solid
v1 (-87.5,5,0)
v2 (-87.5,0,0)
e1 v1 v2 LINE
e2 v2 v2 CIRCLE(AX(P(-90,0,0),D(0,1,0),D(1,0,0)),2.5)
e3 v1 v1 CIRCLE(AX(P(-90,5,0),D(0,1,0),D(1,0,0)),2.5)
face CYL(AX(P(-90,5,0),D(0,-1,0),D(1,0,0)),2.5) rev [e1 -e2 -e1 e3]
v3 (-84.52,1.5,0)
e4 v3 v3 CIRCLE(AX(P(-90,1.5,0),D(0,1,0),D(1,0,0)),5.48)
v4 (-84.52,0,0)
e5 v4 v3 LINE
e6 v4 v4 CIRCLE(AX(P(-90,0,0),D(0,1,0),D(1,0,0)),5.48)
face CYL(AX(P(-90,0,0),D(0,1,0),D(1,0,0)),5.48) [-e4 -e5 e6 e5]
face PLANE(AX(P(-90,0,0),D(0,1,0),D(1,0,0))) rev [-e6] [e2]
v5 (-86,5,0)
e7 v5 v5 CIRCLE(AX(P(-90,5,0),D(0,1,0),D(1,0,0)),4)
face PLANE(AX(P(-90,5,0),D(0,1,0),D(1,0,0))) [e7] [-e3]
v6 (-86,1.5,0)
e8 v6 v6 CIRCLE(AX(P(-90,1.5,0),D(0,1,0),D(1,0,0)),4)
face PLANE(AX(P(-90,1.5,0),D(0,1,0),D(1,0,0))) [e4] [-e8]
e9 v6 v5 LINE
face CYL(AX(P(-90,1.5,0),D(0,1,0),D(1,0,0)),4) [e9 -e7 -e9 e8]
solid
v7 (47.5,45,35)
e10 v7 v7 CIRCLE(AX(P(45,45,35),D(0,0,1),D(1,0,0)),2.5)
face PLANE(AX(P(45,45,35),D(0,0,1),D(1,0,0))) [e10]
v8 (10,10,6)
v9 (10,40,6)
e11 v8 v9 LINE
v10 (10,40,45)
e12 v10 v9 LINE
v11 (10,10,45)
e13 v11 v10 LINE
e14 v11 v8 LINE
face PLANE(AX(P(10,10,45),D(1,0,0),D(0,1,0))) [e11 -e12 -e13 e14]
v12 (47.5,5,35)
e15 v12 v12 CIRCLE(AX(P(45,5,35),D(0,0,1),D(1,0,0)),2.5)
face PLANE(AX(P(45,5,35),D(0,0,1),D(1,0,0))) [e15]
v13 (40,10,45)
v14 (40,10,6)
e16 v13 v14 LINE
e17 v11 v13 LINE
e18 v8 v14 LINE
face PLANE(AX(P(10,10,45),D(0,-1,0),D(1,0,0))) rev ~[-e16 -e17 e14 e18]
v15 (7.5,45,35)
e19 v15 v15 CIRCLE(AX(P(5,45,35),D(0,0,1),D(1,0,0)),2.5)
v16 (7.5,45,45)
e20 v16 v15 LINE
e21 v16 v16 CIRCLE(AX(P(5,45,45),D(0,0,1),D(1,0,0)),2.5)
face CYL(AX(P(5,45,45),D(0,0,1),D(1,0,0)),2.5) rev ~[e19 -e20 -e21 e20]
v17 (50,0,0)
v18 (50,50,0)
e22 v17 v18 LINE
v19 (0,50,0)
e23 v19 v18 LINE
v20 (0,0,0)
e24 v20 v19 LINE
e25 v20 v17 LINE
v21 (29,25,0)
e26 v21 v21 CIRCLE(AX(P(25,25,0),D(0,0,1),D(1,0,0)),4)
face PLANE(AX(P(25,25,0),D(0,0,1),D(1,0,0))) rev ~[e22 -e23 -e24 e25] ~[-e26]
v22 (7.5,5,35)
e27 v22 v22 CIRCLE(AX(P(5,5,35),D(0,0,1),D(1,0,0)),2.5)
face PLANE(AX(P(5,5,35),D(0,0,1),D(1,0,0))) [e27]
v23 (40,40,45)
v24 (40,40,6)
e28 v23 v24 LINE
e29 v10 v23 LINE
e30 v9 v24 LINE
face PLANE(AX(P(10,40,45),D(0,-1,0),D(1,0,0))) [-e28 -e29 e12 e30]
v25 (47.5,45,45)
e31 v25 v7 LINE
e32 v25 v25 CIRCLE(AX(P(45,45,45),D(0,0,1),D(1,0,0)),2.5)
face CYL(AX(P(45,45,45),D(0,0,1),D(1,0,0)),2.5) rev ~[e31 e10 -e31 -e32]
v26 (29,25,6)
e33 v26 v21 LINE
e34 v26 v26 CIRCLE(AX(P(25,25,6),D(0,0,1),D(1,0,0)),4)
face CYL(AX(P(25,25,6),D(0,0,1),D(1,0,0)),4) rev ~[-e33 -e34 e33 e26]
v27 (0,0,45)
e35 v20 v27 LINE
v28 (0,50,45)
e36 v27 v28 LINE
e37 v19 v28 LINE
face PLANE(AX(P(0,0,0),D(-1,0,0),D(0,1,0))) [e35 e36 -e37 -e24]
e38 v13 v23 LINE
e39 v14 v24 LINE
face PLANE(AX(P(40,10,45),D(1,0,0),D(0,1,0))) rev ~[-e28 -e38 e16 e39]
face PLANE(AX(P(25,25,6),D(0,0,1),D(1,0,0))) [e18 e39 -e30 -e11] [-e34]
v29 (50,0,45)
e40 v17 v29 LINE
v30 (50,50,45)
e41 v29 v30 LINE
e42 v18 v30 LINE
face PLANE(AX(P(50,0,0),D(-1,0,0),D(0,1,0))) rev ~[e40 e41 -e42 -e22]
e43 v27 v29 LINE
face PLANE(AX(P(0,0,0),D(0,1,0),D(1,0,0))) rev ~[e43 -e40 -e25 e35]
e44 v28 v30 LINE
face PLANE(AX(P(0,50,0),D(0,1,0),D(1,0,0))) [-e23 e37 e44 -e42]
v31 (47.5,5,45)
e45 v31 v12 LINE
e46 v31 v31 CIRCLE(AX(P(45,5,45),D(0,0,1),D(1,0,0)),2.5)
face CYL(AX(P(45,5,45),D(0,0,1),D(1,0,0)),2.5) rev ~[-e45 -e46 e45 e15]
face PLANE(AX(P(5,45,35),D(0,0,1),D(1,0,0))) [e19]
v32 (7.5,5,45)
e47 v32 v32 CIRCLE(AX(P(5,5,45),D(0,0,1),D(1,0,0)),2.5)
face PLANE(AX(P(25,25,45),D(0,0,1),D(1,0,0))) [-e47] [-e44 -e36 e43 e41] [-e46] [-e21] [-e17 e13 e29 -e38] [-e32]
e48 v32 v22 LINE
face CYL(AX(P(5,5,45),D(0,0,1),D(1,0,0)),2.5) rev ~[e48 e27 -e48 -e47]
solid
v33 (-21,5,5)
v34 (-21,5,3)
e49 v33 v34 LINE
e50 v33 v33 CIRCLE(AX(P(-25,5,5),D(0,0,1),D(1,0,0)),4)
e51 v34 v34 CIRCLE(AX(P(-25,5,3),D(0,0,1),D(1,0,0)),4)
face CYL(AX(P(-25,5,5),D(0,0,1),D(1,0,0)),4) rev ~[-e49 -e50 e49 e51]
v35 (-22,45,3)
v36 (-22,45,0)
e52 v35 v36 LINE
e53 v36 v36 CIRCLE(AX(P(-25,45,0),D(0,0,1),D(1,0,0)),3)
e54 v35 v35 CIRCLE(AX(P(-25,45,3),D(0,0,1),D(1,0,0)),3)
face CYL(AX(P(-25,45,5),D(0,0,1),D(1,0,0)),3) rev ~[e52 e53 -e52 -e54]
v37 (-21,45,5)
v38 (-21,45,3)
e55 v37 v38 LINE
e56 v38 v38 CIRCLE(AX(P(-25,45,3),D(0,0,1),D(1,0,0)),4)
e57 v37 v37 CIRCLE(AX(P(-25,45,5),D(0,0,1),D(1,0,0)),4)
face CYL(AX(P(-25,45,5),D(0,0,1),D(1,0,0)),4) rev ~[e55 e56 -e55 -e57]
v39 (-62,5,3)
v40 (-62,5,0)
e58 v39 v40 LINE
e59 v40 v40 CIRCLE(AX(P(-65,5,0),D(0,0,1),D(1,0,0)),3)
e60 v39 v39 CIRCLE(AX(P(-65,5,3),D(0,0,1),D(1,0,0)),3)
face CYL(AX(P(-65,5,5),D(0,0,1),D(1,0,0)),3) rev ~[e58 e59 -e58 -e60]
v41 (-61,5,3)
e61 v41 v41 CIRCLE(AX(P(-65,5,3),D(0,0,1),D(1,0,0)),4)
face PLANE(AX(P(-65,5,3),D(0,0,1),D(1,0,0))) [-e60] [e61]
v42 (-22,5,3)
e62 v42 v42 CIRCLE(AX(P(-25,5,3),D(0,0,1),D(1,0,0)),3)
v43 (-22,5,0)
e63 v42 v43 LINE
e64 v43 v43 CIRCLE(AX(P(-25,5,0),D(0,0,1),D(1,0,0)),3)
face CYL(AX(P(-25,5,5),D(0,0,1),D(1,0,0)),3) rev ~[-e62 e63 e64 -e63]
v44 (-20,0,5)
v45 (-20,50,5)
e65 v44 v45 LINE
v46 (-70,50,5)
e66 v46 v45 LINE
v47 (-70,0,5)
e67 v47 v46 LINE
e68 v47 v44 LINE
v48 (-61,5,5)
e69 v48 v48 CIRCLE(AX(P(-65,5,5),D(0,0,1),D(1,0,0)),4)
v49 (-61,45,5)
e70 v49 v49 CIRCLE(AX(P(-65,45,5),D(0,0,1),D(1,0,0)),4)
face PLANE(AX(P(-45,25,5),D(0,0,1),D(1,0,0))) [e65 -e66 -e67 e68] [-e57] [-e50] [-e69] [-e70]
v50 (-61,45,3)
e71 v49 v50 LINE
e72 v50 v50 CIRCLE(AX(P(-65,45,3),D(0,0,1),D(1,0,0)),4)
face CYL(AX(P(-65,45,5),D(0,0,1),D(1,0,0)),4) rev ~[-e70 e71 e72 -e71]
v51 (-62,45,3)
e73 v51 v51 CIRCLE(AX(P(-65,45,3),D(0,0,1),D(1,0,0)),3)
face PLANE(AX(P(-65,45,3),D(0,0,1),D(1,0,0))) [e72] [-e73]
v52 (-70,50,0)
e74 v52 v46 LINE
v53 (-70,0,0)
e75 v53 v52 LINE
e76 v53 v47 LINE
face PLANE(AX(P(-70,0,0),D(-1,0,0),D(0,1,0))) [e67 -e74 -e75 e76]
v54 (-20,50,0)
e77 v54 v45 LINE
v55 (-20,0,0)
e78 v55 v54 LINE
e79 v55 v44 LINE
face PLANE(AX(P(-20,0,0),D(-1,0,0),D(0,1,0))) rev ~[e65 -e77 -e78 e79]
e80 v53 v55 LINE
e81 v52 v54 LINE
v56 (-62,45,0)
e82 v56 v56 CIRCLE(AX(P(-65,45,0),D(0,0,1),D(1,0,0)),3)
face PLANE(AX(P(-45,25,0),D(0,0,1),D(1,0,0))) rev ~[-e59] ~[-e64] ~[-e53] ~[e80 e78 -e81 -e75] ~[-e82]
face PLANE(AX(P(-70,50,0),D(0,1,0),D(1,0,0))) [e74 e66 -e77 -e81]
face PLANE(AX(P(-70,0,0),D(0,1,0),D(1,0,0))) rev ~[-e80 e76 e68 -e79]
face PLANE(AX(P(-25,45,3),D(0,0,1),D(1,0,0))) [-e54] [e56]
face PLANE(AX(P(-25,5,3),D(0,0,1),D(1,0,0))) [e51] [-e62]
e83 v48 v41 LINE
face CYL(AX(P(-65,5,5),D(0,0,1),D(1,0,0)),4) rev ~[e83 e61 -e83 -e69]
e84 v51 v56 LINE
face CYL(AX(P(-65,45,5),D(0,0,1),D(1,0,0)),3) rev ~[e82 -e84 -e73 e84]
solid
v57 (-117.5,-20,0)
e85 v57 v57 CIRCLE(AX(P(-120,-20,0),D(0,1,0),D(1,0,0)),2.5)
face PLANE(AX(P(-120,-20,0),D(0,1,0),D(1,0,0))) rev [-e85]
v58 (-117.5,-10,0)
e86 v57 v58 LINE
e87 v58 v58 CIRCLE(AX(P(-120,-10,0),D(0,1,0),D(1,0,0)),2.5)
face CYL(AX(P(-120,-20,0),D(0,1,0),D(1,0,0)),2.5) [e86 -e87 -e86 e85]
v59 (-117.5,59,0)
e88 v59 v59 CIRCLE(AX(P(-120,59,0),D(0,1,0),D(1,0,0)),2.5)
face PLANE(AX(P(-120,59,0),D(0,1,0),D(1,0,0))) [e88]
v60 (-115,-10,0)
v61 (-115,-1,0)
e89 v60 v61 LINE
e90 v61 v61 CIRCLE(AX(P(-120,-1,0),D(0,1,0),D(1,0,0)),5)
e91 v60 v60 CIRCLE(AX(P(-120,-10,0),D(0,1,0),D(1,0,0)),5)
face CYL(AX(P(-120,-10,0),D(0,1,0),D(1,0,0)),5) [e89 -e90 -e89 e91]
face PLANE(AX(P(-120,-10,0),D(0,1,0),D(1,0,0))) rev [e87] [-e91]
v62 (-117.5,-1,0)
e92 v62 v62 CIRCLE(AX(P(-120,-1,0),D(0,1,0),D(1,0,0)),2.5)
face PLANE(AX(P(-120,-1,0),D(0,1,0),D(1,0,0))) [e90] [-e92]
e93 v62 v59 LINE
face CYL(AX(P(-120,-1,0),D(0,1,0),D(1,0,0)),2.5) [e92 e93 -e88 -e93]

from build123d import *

# Parameters (mm, degrees)
F0_W      = 50
F0_H      = 50
F1_DEPTH  = 45
F2_W      = 30
F2_H      = 30
F3_DEPTH  = 39
F4_R      = 2.5
F5_DEPTH  = 10
F6_R      = 4
F7_DEPTH  = 25
F8_W      = 50
F8_H      = 50
F9_DEPTH  = 5
F10_R     = 3
F11_DEPTH = 25
F12_R     = 4
F13_DEPTH = 2


with BuildPart() as f1:
    # F0 (on Top) → F1 (new body)
    with BuildSketch(Plane.XY):
        with Locations((25, 25)):
            Rectangle(F0_W, F0_H)
    extrude(amount=F1_DEPTH)

    # F2 (on face) → F3 (cut)
    with BuildSketch(Plane.XY.offset(45)):
        with Locations((25, 25)):
            Rectangle(F2_W, F2_H)
    extrude(amount=-F3_DEPTH, mode=Mode.SUBTRACT)

    # F4 (on face) → F5 (cut)
    with BuildSketch(Plane.XY.offset(45)):
        with Locations((5, 45)):
            Circle(F4_R)
        with Locations((5, 5)):
            Circle(F4_R)
        with Locations((45, 45)):
            Circle(F4_R)
        with Locations((45, 5)):
            Circle(F4_R)
    extrude(amount=-F5_DEPTH, mode=Mode.SUBTRACT)

    # F6 (on face) → F7 (cut)
    with BuildSketch(Plane.XY.offset(6)):
        with Locations((25, 25)):
            Circle(F6_R)
    extrude(amount=-F7_DEPTH, mode=Mode.SUBTRACT)


with BuildPart() as f9:
    # F8 (on Top) → F9 (new body)
    with BuildSketch(Plane.XY):
        with Locations((-45, 25)):
            Rectangle(F8_W, F8_H)
    extrude(amount=F9_DEPTH)

    # F10 (on face) → F11 (cut)
    with BuildSketch(Plane.XY.offset(5)):
        with Locations((-65, 45)):
            Circle(F10_R)
        with Locations((-25, 45)):
            Circle(F10_R)
        with Locations((-25, 5)):
            Circle(F10_R)
        with Locations((-65, 5)):
            Circle(F10_R)
    extrude(amount=-F11_DEPTH, mode=Mode.SUBTRACT)

    # F12 (on face) → F13 (cut)
    with BuildSketch(Plane.XY.offset(5)):
        with Locations((-65, 45)):
            Circle(F12_R)
        with Locations((-65, 5)):
            Circle(F12_R)
        with Locations((-25, 5)):
            Circle(F12_R)
        with Locations((-25, 45)):
            Circle(F12_R)
    extrude(amount=-F13_DEPTH, mode=Mode.SUBTRACT)


with BuildPart() as f15:
    # F14 (on Top) → F15 (revolve)
    with BuildSketch(Plane.XY):
        Polygon((-87.5, 5), (-87.5, 0), (-84.52, 0), (-84.52, 1.5), (-86, 1.5), (-86, 5), align=None)
    revolve(axis=Axis((-90, 5, 0), (0, 1, 0)))


with BuildPart() as f17:
    # F16 (on Top) → F17 (revolve)
    with BuildSketch(Plane.XY):
        Polygon((-120, 59), (-120, -20), (-117.5, -20), (-117.5, -10), (-115, -10), (-115, -1), (-117.5, -1), (-117.5, 59), align=None)
    revolve(axis=Axis((-120, 24.713512, 0), (0, 1, 0)))


solid = Compound([f1.part, f9.part, f15.part, f17.part])
